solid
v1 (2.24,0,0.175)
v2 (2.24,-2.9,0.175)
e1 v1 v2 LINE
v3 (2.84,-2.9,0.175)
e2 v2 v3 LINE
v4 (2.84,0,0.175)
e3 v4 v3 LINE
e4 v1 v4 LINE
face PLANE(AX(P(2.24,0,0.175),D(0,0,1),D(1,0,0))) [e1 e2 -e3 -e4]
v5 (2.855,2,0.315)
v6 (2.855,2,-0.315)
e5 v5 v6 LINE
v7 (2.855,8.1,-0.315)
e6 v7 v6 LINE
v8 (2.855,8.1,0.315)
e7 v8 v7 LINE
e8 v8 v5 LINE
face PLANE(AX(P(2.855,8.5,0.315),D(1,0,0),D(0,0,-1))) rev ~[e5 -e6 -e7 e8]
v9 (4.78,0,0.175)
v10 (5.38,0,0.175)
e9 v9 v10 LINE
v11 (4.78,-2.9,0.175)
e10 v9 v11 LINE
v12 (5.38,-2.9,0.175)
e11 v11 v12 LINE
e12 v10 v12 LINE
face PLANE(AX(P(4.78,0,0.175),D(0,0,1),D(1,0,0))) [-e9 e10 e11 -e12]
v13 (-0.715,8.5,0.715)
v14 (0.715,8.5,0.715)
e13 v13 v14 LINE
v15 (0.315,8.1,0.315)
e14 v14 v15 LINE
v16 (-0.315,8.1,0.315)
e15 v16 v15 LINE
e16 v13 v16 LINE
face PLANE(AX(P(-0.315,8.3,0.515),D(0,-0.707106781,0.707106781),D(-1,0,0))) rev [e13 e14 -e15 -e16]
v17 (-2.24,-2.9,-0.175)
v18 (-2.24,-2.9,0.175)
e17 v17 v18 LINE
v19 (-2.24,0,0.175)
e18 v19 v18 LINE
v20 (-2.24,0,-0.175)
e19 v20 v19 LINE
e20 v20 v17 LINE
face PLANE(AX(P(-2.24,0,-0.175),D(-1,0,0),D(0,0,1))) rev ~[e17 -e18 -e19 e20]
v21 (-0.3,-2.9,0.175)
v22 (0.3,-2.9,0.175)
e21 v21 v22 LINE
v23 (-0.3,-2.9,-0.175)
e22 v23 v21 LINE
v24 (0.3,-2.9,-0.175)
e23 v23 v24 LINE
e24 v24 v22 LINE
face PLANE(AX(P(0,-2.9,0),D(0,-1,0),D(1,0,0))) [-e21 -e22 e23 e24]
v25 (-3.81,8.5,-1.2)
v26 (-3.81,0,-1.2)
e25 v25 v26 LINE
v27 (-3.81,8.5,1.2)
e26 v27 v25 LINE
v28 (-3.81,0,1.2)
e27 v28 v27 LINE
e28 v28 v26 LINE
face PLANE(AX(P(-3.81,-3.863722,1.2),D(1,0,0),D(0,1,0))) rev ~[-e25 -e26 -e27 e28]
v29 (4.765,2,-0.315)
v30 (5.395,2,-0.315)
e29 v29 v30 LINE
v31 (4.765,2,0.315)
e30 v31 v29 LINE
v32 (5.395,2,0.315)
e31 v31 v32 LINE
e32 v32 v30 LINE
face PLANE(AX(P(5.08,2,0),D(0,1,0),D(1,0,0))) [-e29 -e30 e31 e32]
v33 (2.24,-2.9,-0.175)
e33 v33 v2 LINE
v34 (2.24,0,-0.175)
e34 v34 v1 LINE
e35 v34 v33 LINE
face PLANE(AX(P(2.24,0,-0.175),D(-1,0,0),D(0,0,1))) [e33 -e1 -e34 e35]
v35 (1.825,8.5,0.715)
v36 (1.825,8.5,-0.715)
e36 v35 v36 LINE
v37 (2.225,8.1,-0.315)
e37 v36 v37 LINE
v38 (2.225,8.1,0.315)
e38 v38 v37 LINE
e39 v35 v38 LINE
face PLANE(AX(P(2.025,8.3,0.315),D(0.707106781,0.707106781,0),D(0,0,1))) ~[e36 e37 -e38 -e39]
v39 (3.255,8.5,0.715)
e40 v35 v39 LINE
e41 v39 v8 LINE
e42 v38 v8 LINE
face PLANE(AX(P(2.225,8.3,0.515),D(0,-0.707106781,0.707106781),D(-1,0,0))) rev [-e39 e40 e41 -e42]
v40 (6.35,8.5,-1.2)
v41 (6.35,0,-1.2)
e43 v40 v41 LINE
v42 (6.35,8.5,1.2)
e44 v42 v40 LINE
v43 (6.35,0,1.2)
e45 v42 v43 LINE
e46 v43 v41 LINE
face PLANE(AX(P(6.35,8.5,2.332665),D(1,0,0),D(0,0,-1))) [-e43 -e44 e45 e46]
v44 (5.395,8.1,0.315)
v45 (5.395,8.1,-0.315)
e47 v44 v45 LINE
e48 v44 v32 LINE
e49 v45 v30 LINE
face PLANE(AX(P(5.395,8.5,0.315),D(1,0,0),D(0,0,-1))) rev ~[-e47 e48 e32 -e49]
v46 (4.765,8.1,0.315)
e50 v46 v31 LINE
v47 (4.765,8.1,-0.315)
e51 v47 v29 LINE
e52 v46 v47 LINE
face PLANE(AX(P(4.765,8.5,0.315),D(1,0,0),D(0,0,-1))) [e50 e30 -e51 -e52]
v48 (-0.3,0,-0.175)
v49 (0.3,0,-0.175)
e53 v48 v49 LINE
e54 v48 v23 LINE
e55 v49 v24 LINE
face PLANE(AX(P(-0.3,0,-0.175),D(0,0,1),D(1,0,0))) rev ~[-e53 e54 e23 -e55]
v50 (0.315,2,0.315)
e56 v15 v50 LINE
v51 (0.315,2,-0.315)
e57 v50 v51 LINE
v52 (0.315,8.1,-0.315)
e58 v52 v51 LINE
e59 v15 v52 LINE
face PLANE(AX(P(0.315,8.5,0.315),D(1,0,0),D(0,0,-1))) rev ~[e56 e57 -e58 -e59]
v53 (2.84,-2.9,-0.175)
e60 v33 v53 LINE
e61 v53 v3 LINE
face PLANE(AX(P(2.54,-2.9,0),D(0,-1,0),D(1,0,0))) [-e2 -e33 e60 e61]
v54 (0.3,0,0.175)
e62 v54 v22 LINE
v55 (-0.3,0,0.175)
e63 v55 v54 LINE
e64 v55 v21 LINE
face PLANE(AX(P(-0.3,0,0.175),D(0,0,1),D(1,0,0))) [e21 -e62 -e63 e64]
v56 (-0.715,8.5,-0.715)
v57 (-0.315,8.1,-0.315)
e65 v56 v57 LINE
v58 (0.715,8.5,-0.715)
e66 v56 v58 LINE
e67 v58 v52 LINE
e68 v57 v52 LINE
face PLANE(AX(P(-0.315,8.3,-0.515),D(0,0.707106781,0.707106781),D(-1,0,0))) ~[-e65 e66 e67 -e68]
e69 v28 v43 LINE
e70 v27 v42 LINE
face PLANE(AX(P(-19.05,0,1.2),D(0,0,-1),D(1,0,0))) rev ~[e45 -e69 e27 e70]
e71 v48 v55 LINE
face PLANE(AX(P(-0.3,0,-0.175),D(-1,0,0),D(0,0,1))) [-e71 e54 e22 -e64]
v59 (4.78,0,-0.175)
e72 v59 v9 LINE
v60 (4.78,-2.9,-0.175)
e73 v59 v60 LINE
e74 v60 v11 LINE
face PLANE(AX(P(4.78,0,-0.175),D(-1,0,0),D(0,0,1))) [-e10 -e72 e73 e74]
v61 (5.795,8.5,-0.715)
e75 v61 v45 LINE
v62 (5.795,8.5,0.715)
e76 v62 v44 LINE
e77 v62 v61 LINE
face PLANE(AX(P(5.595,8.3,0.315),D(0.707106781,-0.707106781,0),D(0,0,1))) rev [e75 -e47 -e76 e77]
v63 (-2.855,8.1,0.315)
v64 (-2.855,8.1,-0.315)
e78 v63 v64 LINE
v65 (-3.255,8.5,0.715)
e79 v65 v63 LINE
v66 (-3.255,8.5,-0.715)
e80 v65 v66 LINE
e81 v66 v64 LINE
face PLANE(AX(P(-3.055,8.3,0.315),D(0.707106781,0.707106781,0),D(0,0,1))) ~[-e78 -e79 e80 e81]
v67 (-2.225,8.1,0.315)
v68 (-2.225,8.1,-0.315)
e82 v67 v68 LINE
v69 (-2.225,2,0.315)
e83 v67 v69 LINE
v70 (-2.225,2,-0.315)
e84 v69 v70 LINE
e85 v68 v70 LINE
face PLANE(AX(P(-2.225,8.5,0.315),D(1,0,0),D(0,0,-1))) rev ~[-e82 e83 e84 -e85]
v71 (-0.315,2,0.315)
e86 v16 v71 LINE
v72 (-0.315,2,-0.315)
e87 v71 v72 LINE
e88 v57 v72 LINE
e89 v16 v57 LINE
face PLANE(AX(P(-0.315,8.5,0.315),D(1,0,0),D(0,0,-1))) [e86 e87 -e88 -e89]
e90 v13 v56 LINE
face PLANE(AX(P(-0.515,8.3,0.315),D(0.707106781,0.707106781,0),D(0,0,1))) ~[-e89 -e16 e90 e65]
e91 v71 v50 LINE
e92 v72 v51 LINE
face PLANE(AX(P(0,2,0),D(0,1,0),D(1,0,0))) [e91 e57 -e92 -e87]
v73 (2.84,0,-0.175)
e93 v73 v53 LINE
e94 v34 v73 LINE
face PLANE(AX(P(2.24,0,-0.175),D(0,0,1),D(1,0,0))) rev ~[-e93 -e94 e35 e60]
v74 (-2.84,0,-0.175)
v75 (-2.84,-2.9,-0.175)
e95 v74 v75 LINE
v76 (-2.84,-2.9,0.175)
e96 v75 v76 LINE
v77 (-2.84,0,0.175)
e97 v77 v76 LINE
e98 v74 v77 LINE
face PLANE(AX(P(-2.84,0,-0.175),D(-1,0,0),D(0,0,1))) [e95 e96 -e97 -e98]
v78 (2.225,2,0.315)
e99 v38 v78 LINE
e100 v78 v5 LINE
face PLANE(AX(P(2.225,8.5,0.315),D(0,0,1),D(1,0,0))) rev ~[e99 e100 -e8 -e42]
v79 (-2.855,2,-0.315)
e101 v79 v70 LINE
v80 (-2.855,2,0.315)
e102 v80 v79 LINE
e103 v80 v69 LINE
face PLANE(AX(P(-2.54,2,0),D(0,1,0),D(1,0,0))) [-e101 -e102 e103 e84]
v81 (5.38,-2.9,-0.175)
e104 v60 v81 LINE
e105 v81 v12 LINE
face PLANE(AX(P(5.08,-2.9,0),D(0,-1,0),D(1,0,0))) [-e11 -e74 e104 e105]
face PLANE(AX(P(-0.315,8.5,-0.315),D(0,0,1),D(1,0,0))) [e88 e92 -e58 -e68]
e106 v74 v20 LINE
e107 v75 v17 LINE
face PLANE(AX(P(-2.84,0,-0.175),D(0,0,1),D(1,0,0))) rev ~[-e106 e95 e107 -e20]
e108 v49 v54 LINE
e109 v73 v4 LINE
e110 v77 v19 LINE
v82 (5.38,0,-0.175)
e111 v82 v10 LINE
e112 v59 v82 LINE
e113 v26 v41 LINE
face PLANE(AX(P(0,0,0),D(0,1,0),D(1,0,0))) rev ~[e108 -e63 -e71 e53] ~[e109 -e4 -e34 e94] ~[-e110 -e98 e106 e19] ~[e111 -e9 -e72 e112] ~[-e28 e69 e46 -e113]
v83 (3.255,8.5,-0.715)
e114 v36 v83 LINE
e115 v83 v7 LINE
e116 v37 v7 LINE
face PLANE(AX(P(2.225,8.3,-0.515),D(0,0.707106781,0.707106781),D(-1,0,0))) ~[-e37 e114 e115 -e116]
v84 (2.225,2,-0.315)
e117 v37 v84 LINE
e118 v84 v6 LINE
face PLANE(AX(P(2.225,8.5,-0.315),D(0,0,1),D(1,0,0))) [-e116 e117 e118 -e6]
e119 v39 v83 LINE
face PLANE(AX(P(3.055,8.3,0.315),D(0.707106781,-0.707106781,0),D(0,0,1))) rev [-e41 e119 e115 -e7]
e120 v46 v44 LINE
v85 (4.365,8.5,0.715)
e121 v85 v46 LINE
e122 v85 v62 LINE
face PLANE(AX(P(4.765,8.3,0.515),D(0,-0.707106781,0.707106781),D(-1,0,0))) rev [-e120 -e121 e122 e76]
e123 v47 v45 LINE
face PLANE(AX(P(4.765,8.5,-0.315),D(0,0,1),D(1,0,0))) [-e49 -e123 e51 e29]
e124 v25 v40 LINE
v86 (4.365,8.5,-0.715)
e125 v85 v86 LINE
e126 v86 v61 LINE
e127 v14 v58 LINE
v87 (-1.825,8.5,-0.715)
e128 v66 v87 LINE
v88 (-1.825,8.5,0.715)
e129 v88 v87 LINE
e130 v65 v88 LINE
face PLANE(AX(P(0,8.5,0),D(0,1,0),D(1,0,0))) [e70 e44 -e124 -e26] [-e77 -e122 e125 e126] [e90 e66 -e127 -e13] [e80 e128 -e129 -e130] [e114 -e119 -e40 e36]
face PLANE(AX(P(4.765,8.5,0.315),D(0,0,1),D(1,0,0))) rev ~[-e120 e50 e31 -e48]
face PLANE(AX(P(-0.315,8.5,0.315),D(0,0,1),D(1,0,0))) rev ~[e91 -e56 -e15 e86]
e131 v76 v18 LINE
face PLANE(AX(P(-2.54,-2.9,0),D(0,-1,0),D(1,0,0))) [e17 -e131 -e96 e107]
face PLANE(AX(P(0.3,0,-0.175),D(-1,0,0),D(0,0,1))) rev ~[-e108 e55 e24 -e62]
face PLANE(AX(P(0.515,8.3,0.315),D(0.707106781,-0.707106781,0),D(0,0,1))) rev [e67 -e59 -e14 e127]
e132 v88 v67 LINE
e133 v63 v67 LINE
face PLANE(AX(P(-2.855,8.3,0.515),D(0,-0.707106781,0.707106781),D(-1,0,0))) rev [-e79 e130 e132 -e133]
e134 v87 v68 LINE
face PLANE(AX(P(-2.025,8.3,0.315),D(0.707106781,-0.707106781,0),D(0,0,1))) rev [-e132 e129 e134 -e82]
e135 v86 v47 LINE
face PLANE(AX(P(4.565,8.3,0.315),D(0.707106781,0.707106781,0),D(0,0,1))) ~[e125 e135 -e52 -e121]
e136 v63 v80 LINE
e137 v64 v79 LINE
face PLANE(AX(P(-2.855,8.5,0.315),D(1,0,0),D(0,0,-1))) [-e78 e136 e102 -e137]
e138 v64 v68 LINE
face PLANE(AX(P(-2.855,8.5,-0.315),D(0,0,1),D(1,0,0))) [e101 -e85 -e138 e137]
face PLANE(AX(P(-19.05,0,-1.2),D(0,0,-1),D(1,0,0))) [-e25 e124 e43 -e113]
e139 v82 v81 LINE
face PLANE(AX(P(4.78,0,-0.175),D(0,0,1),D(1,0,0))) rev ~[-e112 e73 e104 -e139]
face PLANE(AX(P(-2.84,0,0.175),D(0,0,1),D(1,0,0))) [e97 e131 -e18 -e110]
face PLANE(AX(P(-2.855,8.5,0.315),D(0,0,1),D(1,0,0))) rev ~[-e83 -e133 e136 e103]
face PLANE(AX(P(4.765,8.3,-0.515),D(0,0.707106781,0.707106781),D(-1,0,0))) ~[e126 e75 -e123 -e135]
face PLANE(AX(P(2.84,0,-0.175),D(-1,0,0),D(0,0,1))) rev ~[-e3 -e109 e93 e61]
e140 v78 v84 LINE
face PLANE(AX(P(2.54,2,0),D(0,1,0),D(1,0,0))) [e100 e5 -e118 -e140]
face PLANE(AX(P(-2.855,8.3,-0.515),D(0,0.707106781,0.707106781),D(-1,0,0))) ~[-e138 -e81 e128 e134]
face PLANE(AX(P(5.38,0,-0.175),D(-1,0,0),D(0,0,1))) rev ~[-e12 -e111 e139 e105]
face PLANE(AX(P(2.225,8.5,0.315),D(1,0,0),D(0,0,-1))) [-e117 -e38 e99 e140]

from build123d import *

# Parameters (mm, degrees)
SKETCH1_W           = 38.1
SKETCH1_H           = 2.4
BOSS_EXTRUDE1_DEPTH = 8.5
SKETCH2_W           = 0.63
SKETCH2_H           = 0.63
CUT_EXTRUDE1_DEPTH  = 6.5
SKETCH3_W           = 0.6
SKETCH3_H           = 0.35
BOSS_EXTRUDE2_DEPTH = 2.9
CHAMFER1_SIZE       = 0.4
SKETCH4_W           = 19.378829163
SKETCH4_H           = 4.471478983
CUT_EXTRUDE2_DEPTH  = 23.232914789
SKETCH7_W           = 15.24
SKETCH7_H           = 12.363721619
CUT_EXTRUDE3_DEPTH  = 21.997916563


with BuildPart() as part:
    # Sketch1 → Boss-Extrude1 (new body)
    with BuildSketch(Plane(origin=(0, 0, 0), x_dir=(1, 0, 0), z_dir=(0, 1, 0))):
        Rectangle(SKETCH1_W, SKETCH1_H)
    extrude(amount=BOSS_EXTRUDE1_DEPTH)

    # Sketch2 → Cut-Extrude1 (cut)
    with BuildSketch(Plane(origin=(0, 8.5, 0), x_dir=(1, 0, 0), z_dir=(0, 1, 0))):
        with Locations((-15.24, 0)):
            Rectangle(SKETCH2_W, SKETCH2_H)
        with Locations((-17.78, 0)):
            Rectangle(SKETCH2_W, SKETCH2_H)
        with Locations((-12.7, 0)):
            Rectangle(SKETCH2_W, SKETCH2_H)
        with Locations((-10.16, 0)):
            Rectangle(SKETCH2_W, SKETCH2_H)
        with Locations((-7.62, 0)):
            Rectangle(SKETCH2_W, SKETCH2_H)
        with Locations((-5.08, 0)):
            Rectangle(SKETCH2_W, SKETCH2_H)
        with Locations((-2.54, 0)):
            Rectangle(SKETCH2_W, SKETCH2_H)
        Rectangle(SKETCH2_W, SKETCH2_H)
        with Locations((2.54, 0)):
            Rectangle(SKETCH2_W, SKETCH2_H)
        with Locations((5.08, 0)):
            Rectangle(SKETCH2_W, SKETCH2_H)
        with Locations((7.62, 0)):
            Rectangle(SKETCH2_W, SKETCH2_H)
        with Locations((10.16, 0)):
            Rectangle(SKETCH2_W, SKETCH2_H)
        with Locations((12.7, 0)):
            Rectangle(SKETCH2_W, SKETCH2_H)
        with Locations((15.24, 0)):
            Rectangle(SKETCH2_W, SKETCH2_H)
        with Locations((17.78, 0)):
            Rectangle(SKETCH2_W, SKETCH2_H)
    extrude(amount=-CUT_EXTRUDE1_DEPTH, mode=Mode.SUBTRACT)

    # Sketch3 → Boss-Extrude2 (add)
    with BuildSketch(Plane.XZ):
        with Locations((-15.24, 0)):
            Rectangle(SKETCH3_W, SKETCH3_H)
        with Locations((-17.78, 0)):
            Rectangle(SKETCH3_W, SKETCH3_H)
        with Locations((-12.7, 0)):
            Rectangle(SKETCH3_W, SKETCH3_H)
        with Locations((-10.16, 0)):
            Rectangle(SKETCH3_W, SKETCH3_H)
        with Locations((-7.62, 0)):
            Rectangle(SKETCH3_W, SKETCH3_H)
        with Locations((-5.08, 0)):
            Rectangle(SKETCH3_W, SKETCH3_H)
        with Locations((-2.54, 0)):
            Rectangle(SKETCH3_W, SKETCH3_H)
        Rectangle(SKETCH3_W, SKETCH3_H)
        with Locations((2.54, 0)):
            Rectangle(SKETCH3_W, SKETCH3_H)
        with Locations((5.08, 0)):
            Rectangle(SKETCH3_W, SKETCH3_H)
        with Locations((7.62, 0)):
            Rectangle(SKETCH3_W, SKETCH3_H)
        with Locations((10.16, 0)):
            Rectangle(SKETCH3_W, SKETCH3_H)
        with Locations((12.7, 0)):
            Rectangle(SKETCH3_W, SKETCH3_H)
        with Locations((15.24, 0)):
            Rectangle(SKETCH3_W, SKETCH3_H)
        with Locations((17.78, 0)):
            Rectangle(SKETCH3_W, SKETCH3_H)
    extrude(amount=BOSS_EXTRUDE2_DEPTH)

    # Chamfer1
    chamfer1_edges = [part.edges().sort_by_distance(p)[0] for p in [
        (2.855, 8.5, 0),
        (2.54, 8.5, -0.315),
        (2.225, 8.5, 0),
        (2.54, 8.5, 0.315),
        (5.395, 8.5, 0),
        (5.08, 8.5, -0.315),
        (4.765, 8.5, 0),
        (5.08, 8.5, 0.315),
        (7.935, 8.5, 0),
        (7.62, 8.5, -0.315),
        (7.305, 8.5, 0),
        (7.62, 8.5, 0.315),
        (10.475, 8.5, 0),
        (10.16, 8.5, -0.315),
        (9.845, 8.5, 0),
        (10.16, 8.5, 0.315),
        (13.015, 8.5, 0),
        (12.7, 8.5, -0.315),
        (12.385, 8.5, 0),
        (12.7, 8.5, 0.315),
        (15.555, 8.5, 0),
        (15.24, 8.5, -0.315),
        (14.925, 8.5, 0),
        (15.24, 8.5, 0.315),
        (18.095, 8.5, 0),
        (17.78, 8.5, -0.315),
        (17.465, 8.5, 0),
        (17.78, 8.5, 0.315),
        (-17.465, 8.5, 0),
        (-17.78, 8.5, -0.315),
        (-18.095, 8.5, 0),
        (-17.78, 8.5, 0.315),
        (-14.925, 8.5, 0),
        (-15.24, 8.5, -0.315),
        (-15.555, 8.5, 0),
        (-15.24, 8.5, 0.315),
        (-12.385, 8.5, 0),
        (-12.7, 8.5, -0.315),
        (-13.015, 8.5, 0),
        (-12.7, 8.5, 0.315),
        (-9.845, 8.5, 0),
        (-10.16, 8.5, -0.315),
        (-10.475, 8.5, 0),
        (-10.16, 8.5, 0.315),
        (-7.305, 8.5, 0),
        (-7.62, 8.5, -0.315),
        (-7.935, 8.5, 0),
        (-7.62, 8.5, 0.315),
        (-4.765, 8.5, 0),
        (-5.08, 8.5, -0.315),
        (-5.395, 8.5, 0),
        (-5.08, 8.5, 0.315),
        (-2.225, 8.5, 0),
        (-2.54, 8.5, -0.315),
        (-2.855, 8.5, 0),
        (-2.54, 8.5, 0.315),
        (0.315, 8.5, 0),
        (0, 8.5, -0.315),
        (-0.315, 8.5, 0),
        (0, 8.5, 0.315),
    ]]
    chamfer(chamfer1_edges, length=CHAMFER1_SIZE)

    # Sketch4 → Cut-Extrude2 (cut, through all)
    with BuildSketch(Plane(origin=(0, 8.5, 0), x_dir=(1, 0, 0), z_dir=(0, 1, 0))):
        with Locations((16.039414582, -0.096925096)):
            Rectangle(SKETCH4_W, SKETCH4_H)
    extrude(amount=-CUT_EXTRUDE2_DEPTH, mode=Mode.SUBTRACT)

    # Sketch7 → Cut-Extrude3 (cut, through all)
    with BuildSketch(Plane.XY.offset(1.2)):
        with Locations((-11.43, 2.318139191)):
            Rectangle(SKETCH7_W, SKETCH7_H)
    extrude(amount=-CUT_EXTRUDE3_DEPTH, mode=Mode.SUBTRACT)


solid = part.part
